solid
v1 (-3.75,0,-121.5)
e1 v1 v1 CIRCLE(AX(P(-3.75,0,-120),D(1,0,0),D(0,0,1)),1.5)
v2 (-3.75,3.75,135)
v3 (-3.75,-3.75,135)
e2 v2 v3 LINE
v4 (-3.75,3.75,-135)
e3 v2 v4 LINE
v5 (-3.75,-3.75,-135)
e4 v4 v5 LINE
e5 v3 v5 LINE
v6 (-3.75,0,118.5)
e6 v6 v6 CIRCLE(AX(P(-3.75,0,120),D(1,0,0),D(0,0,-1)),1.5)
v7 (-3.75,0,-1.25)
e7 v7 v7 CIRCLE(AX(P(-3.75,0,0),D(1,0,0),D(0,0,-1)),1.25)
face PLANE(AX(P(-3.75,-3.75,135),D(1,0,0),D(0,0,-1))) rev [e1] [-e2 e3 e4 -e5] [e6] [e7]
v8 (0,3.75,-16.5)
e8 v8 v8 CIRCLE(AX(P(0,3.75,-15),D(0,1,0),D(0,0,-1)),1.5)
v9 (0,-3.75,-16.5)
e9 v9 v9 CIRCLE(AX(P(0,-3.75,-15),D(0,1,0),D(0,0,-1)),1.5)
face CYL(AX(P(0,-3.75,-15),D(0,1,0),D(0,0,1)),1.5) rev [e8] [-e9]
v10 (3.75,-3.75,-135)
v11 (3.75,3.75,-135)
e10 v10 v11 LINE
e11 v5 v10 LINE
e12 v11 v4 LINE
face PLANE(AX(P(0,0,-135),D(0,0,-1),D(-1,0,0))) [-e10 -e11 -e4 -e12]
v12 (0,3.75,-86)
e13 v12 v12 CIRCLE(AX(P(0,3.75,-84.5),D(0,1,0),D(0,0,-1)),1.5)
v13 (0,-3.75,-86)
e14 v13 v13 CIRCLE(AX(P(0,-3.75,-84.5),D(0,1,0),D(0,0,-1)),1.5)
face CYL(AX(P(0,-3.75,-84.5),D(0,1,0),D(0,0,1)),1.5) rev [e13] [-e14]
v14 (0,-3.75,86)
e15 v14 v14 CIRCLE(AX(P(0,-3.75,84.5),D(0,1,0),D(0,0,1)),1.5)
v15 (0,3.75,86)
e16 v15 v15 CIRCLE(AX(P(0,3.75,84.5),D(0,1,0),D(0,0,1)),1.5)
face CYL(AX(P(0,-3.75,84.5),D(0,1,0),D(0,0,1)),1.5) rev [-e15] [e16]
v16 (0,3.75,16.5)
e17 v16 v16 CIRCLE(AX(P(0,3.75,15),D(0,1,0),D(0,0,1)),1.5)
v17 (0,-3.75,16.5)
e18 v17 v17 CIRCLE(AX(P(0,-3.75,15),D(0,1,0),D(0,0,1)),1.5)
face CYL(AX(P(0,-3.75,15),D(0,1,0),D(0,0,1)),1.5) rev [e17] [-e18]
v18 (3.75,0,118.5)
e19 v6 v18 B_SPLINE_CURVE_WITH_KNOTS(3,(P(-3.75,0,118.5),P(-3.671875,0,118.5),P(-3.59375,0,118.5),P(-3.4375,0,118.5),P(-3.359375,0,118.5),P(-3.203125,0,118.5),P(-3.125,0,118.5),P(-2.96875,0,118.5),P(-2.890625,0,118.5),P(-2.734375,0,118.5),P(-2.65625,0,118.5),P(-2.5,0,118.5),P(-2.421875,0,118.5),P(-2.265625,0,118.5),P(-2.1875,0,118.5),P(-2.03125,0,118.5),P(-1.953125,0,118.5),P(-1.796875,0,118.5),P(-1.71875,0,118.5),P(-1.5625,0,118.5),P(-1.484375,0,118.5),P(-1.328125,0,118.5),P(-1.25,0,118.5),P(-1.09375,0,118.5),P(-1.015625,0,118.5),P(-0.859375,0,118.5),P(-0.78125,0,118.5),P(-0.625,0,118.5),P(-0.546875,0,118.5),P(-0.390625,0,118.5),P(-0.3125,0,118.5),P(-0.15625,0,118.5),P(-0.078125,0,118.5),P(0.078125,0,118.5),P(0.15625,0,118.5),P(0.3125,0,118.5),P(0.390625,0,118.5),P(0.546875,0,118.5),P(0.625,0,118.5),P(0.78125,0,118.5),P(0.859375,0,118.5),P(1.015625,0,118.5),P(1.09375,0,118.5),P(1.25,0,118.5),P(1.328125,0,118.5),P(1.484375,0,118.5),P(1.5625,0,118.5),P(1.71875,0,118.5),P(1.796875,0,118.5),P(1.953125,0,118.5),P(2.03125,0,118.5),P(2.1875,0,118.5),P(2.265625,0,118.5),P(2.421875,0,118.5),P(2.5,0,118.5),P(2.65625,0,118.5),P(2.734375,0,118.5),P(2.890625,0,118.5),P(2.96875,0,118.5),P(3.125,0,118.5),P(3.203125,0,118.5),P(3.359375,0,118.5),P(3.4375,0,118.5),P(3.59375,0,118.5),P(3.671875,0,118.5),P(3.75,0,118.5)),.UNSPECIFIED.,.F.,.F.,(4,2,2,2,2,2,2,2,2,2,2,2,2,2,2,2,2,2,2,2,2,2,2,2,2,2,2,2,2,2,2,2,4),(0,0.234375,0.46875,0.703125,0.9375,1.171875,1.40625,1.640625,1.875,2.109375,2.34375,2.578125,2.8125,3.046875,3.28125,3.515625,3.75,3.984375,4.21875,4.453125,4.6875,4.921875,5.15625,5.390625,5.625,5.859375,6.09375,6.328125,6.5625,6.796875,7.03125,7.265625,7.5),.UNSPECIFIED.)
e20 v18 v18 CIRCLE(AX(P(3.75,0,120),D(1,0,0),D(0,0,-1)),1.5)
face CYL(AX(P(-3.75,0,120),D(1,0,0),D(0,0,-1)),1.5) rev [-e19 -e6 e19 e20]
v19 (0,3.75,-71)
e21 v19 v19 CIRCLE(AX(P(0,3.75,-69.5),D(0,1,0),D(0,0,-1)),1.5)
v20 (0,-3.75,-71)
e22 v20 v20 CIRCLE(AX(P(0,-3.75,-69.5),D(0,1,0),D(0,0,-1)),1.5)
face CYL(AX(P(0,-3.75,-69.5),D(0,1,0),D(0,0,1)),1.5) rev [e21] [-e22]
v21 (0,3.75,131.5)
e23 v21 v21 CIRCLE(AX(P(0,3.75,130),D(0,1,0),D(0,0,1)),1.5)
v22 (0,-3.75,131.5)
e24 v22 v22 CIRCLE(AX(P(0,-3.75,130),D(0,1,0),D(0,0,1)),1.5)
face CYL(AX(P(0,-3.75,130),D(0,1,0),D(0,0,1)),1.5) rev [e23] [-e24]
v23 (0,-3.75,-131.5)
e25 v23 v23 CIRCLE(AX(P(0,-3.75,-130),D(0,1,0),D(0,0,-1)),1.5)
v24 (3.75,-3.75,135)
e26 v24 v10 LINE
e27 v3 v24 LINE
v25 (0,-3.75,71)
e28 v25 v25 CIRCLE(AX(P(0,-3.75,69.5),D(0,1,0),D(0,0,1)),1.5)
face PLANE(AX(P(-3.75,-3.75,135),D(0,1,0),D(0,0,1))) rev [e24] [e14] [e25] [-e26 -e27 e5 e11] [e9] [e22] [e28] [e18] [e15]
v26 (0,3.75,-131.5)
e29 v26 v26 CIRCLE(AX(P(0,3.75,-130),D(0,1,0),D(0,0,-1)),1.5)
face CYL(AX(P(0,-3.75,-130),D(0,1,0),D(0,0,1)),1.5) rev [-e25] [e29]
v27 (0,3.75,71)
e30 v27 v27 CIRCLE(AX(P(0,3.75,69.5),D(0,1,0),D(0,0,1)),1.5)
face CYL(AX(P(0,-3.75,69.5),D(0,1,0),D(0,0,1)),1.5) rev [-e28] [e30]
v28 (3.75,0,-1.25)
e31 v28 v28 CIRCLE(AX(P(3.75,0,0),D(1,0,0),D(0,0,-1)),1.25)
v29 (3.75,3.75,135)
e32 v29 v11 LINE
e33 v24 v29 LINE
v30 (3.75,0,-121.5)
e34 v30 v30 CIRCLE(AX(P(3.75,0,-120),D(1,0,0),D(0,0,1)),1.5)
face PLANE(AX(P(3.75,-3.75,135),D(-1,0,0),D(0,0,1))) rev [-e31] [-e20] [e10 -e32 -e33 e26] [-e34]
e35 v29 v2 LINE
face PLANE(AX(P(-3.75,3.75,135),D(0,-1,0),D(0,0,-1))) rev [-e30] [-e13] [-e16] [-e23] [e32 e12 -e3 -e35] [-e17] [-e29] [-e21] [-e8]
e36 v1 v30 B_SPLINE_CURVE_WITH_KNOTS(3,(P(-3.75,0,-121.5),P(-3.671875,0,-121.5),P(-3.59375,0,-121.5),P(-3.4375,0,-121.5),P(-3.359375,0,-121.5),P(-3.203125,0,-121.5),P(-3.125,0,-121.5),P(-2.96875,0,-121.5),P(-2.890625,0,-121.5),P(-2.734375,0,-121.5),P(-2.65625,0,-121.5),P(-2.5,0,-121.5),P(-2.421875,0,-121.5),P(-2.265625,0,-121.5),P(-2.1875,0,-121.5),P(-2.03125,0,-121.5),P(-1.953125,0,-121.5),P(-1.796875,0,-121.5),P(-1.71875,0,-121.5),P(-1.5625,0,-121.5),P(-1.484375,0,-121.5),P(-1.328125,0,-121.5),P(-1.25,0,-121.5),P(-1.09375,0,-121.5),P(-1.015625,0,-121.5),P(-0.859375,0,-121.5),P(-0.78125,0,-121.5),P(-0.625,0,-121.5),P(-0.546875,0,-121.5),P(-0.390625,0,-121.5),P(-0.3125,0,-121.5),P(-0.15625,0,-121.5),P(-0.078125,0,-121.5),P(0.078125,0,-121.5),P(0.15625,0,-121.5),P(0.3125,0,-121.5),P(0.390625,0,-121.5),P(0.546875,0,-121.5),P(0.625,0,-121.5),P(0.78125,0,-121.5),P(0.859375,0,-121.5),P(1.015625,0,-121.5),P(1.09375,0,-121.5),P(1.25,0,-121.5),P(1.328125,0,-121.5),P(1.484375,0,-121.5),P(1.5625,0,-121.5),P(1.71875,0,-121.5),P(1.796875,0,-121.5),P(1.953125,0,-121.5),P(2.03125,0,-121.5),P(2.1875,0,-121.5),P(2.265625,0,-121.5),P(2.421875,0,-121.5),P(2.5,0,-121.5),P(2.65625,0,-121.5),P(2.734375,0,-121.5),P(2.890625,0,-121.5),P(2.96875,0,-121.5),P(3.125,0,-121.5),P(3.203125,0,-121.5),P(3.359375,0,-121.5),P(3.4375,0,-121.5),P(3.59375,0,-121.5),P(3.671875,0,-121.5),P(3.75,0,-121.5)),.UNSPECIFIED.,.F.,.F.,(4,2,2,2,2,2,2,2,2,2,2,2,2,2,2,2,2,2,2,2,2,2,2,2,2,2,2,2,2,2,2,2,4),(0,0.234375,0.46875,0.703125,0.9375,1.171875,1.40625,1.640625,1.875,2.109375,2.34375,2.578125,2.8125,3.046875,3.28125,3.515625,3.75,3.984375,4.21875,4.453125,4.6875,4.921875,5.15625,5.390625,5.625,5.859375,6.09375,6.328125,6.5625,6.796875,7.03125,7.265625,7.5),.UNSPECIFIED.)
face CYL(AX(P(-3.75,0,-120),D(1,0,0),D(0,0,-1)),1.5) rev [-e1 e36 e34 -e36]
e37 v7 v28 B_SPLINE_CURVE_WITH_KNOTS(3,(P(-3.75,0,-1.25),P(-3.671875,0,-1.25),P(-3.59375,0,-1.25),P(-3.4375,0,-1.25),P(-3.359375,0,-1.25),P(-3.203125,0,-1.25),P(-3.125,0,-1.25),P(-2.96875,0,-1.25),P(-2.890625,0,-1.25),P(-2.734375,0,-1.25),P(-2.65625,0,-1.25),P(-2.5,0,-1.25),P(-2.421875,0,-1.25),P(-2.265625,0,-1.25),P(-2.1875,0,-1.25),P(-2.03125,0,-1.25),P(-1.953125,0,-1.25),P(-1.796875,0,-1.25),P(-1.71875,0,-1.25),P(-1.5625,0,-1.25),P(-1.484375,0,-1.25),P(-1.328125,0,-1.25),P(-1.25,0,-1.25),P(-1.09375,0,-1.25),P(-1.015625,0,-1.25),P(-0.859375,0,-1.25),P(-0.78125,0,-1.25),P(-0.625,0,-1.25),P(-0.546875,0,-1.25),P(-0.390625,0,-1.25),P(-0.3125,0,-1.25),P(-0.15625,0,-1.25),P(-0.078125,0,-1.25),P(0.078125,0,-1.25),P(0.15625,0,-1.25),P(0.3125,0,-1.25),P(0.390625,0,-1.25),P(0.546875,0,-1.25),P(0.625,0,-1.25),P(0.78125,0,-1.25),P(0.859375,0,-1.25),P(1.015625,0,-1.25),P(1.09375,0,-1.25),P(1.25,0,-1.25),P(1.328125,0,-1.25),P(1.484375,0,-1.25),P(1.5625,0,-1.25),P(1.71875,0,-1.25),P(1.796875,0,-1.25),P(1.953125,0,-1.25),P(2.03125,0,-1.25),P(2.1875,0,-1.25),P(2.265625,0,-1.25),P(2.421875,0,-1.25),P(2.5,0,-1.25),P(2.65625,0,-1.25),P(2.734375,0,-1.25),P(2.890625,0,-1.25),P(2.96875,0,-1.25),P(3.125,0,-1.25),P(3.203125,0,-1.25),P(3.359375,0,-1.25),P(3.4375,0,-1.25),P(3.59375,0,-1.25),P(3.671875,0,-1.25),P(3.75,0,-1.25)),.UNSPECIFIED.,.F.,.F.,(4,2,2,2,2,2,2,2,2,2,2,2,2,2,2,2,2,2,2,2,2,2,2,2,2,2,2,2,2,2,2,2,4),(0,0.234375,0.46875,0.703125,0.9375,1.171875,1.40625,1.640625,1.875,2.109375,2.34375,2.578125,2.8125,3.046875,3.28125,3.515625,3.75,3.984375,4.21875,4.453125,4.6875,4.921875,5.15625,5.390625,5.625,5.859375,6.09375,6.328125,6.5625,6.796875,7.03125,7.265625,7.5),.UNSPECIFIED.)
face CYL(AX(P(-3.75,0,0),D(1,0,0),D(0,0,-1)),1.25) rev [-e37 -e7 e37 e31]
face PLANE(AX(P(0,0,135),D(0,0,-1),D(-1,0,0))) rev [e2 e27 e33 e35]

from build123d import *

# Parameters (mm, degrees)
ESQUISSE1_W             = 7.5
ESQUISSE1_H             = 7.5
BOSS_EXTRU_1_DEPTH      = 135
ESQUISSE2_R             = 1.5
ESQUISSE2_R_2           = 1.25
ENL_V_MAT_EXTRU_1_DEPTH = 136.260165977
ESQUISSE3_R             = 1.5
ENL_V_MAT_EXTRU_2_DEPTH = 136.260165977


with BuildPart() as part:
    # Esquisse1 → Boss.-Extru.1 (new, symmetric)
    with BuildSketch(Plane.XY):
        Rectangle(ESQUISSE1_W, ESQUISSE1_H)
    extrude(amount=BOSS_EXTRU_1_DEPTH, both=True)

    # Esquisse2 → Enlèv. mat.-Extru.1 (cut, through all)
    with BuildSketch(Plane(origin=(3.75, 0, 0), x_dir=(0, 0, -1), z_dir=(1, 0, 0))):
        with Locations((-120, 0)):
            Circle(ESQUISSE2_R)
        with Locations((120, 0)):
            Circle(ESQUISSE2_R)
        Circle(ESQUISSE2_R_2)
    extrude(amount=-ENL_V_MAT_EXTRU_1_DEPTH, mode=Mode.SUBTRACT)

    # Esquisse3 → Enlèv. mat.-Extru.2 (cut, through all)
    with BuildSketch(Plane(origin=(0, 3.75, 0), x_dir=(1, 0, 0), z_dir=(0, 1, 0))):
        with Locations(Location((0, -69.5, 0), (0, 0, 270))):
            Circle(ESQUISSE3_R)
        with Locations(Location((0, -84.5, 0), (0, 0, 270))):
            Circle(ESQUISSE3_R)
        with Locations(Location((0, 84.5, 0), (0, 0, 90))):
            Circle(ESQUISSE3_R)
        with Locations(Location((0, 69.5, 0), (0, 0, 90))):
            Circle(ESQUISSE3_R)
        with Locations(Location((0, -130, 0), (0, 0, 270))):
            Circle(ESQUISSE3_R)
        with Locations(Location((0, 130, 0), (0, 0, 90))):
            Circle(ESQUISSE3_R)
        with Locations(Location((0, -15, 0), (0, 0, 270))):
            Circle(ESQUISSE3_R)
        with Locations(Location((0, 15, 0), (0, 0, 90))):
            Circle(ESQUISSE3_R)
    extrude(amount=-ENL_V_MAT_EXTRU_2_DEPTH, mode=Mode.SUBTRACT)


solid = part.part
